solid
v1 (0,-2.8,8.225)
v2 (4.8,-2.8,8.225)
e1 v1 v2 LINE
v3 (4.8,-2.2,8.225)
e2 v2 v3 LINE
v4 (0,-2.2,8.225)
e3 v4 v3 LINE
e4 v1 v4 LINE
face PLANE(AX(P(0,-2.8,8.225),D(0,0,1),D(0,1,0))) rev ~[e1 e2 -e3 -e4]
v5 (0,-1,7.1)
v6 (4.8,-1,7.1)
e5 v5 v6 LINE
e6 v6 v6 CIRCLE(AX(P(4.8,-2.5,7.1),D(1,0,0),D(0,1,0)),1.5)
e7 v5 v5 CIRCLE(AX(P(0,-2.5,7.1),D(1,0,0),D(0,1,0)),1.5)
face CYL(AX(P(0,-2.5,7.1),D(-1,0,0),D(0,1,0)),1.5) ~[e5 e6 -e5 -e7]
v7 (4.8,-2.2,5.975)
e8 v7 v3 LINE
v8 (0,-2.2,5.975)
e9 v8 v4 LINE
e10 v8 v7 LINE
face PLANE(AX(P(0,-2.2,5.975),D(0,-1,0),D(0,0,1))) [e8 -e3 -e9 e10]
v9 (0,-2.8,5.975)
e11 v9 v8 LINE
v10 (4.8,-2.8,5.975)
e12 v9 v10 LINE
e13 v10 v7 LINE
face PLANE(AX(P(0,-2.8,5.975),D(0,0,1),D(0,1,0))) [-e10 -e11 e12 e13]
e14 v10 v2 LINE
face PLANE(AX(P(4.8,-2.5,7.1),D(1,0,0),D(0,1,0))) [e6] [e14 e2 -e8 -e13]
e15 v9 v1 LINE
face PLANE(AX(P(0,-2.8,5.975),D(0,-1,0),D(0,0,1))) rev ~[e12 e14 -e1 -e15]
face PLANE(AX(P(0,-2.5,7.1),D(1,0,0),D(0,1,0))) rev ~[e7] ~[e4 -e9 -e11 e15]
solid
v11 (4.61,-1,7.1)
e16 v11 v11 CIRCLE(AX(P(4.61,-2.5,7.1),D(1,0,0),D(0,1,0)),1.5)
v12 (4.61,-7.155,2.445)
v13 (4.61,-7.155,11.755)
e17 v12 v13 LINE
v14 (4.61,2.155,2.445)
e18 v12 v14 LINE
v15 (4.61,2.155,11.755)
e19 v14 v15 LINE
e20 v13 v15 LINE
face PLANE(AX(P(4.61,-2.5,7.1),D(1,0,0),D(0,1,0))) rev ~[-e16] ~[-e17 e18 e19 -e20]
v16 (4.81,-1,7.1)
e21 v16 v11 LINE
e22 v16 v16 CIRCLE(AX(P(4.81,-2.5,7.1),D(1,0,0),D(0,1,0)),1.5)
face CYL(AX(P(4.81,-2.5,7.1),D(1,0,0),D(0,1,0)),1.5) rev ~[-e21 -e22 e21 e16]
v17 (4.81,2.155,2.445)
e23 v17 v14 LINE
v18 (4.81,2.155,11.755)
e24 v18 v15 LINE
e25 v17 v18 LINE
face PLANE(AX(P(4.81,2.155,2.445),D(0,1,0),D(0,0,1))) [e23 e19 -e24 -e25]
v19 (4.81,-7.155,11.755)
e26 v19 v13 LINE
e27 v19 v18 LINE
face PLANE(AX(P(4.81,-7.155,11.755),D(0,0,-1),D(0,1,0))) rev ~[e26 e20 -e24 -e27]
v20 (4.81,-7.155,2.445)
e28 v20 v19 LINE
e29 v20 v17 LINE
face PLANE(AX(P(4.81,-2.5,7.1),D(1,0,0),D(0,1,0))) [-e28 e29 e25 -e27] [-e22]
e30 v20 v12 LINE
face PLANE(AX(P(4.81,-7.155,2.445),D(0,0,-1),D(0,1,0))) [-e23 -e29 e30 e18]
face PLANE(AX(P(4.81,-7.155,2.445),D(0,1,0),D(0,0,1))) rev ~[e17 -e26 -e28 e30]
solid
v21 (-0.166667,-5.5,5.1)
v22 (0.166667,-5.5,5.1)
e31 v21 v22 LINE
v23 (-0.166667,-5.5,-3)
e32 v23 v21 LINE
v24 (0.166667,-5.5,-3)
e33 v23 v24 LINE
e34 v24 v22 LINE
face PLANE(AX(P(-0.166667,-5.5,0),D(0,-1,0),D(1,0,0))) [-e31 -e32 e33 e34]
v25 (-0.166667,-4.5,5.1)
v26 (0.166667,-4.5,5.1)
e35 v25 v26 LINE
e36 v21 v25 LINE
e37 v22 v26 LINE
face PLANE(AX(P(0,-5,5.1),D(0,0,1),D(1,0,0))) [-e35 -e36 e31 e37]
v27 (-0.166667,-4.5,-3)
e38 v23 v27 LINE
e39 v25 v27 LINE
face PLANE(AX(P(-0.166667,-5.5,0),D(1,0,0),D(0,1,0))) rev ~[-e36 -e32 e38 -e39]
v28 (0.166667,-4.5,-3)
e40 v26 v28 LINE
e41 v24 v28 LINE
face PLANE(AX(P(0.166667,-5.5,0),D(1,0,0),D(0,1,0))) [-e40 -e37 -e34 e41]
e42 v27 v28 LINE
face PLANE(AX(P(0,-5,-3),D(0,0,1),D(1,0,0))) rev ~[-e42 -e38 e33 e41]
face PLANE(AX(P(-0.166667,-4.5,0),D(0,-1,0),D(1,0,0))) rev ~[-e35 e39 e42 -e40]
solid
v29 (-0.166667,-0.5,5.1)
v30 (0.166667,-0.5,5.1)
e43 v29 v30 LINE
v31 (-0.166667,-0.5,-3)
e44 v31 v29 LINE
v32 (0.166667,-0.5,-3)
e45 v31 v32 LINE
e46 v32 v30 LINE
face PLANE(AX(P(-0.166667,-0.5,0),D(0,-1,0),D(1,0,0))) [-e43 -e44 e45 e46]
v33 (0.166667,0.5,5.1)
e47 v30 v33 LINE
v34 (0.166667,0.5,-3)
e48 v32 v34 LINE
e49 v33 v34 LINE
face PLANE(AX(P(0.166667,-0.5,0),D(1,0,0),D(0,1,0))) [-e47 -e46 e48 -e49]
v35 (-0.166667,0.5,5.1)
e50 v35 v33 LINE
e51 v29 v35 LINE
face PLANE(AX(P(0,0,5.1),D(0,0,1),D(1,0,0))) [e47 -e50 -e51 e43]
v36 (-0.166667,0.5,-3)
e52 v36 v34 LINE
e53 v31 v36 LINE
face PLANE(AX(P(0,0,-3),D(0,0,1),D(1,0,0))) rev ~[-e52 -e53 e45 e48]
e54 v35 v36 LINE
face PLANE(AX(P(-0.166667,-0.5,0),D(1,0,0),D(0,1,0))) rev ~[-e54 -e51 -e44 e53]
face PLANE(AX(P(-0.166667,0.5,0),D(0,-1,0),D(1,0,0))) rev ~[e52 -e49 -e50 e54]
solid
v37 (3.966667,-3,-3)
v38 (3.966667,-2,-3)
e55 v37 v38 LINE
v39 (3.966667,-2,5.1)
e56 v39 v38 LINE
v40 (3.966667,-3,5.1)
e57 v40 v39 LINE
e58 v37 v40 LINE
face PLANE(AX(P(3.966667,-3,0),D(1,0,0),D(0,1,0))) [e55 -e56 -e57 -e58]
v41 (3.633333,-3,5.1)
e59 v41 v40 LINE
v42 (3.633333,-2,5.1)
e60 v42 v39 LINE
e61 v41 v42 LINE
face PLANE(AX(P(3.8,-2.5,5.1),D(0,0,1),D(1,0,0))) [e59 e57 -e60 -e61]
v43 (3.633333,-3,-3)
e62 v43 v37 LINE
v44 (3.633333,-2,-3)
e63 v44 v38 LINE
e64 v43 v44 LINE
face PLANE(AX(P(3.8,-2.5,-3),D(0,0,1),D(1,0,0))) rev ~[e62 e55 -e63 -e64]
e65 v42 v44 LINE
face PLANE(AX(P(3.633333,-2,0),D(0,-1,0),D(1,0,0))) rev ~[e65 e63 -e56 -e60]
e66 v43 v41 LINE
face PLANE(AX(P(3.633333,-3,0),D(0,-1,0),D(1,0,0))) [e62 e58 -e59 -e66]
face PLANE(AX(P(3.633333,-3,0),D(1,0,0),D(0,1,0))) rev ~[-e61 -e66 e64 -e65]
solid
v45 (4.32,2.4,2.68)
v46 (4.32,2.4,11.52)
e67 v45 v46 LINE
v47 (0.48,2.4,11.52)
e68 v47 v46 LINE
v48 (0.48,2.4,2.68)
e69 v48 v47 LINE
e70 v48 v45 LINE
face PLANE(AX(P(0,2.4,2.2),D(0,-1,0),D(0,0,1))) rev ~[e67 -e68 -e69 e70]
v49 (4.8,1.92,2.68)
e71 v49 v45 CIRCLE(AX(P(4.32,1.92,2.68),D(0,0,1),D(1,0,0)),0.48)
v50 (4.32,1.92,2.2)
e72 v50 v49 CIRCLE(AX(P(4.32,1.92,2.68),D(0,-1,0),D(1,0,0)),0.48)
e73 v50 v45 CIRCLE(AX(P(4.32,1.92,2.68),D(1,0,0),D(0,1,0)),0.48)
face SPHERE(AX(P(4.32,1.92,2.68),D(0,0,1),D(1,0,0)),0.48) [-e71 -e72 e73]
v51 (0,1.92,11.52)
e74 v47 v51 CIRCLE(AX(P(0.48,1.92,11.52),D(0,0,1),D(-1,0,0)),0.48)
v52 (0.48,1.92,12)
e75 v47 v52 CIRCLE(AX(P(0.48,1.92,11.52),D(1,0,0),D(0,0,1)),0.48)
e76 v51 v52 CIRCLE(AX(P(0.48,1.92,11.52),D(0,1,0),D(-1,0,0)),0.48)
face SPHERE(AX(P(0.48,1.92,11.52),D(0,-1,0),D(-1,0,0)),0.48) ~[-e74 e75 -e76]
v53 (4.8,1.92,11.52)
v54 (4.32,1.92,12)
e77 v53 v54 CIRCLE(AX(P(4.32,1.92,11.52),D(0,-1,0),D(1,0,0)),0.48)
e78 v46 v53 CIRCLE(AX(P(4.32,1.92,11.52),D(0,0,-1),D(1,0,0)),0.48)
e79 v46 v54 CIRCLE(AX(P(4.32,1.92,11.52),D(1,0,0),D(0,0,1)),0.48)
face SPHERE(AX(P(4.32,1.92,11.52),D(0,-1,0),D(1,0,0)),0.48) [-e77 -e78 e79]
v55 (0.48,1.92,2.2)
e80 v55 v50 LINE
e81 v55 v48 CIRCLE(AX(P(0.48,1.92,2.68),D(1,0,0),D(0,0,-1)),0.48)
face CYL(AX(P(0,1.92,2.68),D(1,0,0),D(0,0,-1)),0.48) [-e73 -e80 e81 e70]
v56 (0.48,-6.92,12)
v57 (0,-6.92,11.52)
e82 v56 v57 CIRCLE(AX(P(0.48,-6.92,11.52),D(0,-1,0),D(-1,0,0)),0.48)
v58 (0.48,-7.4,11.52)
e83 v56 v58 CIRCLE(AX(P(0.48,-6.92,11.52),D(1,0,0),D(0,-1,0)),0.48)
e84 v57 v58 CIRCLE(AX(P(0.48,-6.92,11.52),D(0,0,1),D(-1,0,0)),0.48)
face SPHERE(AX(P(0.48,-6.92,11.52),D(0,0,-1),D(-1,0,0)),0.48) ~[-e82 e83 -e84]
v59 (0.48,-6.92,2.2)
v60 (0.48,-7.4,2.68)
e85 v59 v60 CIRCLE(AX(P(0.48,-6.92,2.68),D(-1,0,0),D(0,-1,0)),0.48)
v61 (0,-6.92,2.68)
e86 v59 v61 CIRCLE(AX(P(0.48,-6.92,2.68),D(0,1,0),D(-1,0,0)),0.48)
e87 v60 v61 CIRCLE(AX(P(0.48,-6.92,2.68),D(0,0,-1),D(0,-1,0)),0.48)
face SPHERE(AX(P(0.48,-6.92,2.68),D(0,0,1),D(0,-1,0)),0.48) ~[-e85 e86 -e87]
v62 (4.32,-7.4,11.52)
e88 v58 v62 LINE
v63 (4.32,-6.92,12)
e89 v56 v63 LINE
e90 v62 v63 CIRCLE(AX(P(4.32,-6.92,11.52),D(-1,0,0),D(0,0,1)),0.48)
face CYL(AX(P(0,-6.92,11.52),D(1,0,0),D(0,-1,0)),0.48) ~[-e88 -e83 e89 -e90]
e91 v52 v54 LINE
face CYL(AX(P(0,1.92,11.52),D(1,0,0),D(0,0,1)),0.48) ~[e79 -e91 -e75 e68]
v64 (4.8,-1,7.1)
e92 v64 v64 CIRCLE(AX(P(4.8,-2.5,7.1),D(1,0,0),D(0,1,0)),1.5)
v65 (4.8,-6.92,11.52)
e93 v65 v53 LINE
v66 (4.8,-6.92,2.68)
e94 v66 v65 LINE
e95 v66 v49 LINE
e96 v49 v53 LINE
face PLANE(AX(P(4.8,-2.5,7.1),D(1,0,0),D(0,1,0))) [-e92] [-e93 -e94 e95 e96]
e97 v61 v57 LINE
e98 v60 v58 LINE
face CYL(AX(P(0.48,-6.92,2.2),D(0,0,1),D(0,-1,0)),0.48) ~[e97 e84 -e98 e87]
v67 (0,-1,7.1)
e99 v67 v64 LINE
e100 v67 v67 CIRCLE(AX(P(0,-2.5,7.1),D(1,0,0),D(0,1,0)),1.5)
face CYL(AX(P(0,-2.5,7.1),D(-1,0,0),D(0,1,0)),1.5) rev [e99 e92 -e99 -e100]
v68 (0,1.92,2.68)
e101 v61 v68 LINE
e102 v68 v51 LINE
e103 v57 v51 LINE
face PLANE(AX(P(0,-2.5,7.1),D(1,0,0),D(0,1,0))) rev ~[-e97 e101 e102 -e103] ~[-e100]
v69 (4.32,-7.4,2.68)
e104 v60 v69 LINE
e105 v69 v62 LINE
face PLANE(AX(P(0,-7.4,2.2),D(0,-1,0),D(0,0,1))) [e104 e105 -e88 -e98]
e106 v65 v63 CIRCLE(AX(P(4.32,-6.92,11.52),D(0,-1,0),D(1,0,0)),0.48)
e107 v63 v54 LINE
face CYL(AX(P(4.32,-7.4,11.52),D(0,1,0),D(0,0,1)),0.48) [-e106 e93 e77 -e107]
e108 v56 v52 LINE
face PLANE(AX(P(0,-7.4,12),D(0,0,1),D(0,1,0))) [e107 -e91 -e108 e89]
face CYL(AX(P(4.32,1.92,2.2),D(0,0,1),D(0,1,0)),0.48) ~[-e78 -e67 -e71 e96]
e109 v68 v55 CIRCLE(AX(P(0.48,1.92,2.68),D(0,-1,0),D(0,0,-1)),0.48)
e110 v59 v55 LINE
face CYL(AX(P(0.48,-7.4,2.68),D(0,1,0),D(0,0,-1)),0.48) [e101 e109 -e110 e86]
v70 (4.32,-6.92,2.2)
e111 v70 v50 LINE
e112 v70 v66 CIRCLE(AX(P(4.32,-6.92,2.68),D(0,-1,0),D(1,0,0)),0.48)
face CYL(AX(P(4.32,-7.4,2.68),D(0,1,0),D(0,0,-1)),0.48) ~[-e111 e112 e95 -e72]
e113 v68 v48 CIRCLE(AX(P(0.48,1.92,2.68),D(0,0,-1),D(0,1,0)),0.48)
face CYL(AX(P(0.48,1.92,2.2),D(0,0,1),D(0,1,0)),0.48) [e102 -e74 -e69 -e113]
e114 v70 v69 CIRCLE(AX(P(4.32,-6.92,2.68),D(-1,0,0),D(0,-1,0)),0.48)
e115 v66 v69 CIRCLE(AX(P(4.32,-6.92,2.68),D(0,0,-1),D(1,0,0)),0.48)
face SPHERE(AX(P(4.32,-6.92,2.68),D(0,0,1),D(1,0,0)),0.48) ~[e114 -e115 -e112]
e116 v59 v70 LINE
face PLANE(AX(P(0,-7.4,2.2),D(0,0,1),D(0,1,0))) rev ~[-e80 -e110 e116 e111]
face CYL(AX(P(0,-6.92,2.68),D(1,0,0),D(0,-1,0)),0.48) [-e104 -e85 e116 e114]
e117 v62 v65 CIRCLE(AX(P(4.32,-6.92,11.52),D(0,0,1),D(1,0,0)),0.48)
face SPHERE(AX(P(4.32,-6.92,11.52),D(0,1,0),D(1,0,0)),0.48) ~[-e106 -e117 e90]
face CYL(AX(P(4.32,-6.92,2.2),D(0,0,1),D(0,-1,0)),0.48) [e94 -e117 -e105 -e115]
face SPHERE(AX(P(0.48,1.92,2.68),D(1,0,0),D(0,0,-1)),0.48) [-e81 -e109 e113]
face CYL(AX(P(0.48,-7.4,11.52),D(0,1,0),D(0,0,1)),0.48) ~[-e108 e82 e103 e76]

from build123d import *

# Parameters (mm, degrees)
SKETCH001_R       = 1.5
SKETCH001_W       = 0.6
SKETCH001_H       = 2.25
PAD001_DEPTH      = 4.8
SKETCH003_W       = 0.333334
SKETCH003_H       = 1
PAD002_DEPTH      = 5.1
PAD002_DEPTH_BACK = 3
SKETCH004_W       = 9.31
SKETCH004_H       = 9.31
SKETCH004_R       = 1.5
PAD003_DEPTH      = 0.2
SKETCH_W          = 9.8
SKETCH_H          = 9.8
SKETCH_R          = 1.5
PAD_DEPTH         = 4.8
FILLET_R          = 0.48


with BuildPart() as pad001:
    # Sketch001 → Pad001 (new body)
    with BuildSketch(Plane.YZ):
        with Locations((-2.5, 7.1)):
            Circle(SKETCH001_R)
        with Locations((-2.5, 7.1)):
            Rectangle(SKETCH001_W, SKETCH001_H, mode=Mode.SUBTRACT)
    extrude(amount=PAD001_DEPTH)


with BuildPart() as pad002:
    # Sketch003 → Pad002 (new body, two sides)
    with BuildSketch(Plane.XY) as pad002_sk:
        Rectangle(SKETCH003_W, SKETCH003_H)
        with Locations((3.8, -2.5)):
            Rectangle(SKETCH003_W, SKETCH003_H)
        with Locations((0, -5)):
            Rectangle(SKETCH003_W, SKETCH003_H)
    extrude(amount=PAD002_DEPTH)
    extrude(pad002_sk.sketch, amount=-PAD002_DEPTH_BACK)


with BuildPart() as pad003:
    # Sketch004 → Pad003 (new body)
    with BuildSketch(Plane.YZ.offset(4.81)):
        with Locations((-2.5, 7.1)):
            Rectangle(SKETCH004_W, SKETCH004_H)
        with Locations((-2.5, 7.1)):
            Circle(SKETCH004_R, mode=Mode.SUBTRACT)
    extrude(amount=-PAD003_DEPTH)


with BuildPart() as fillet_body:
    # Sketch → Pad (new body)
    with BuildSketch(Plane.YZ):
        with Locations((-2.5, 7.1)):
            Rectangle(SKETCH_W, SKETCH_H)
        with Locations((-2.5, 7.1)):
            Circle(SKETCH_R, mode=Mode.SUBTRACT)
    extrude(amount=PAD_DEPTH)

    # Fillet
    fillet_edges = [fillet_body.edges().sort_by_distance(p)[0] for p in [
        (0, -7.4, 7.1),
        (0, -2.5, 12),
        (4.8, -2.5, 12),
        (4.8, -7.4, 7.1),
        (4.8, 2.4, 7.1),
        (4.8, -2.5, 2.2),
        (2.4, -7.4, 12),
        (2.4, -7.4, 2.2),
        (2.4, 2.4, 2.2),
        (0, -2.5, 2.2),
        (0, 2.4, 7.1),
        (2.4, 2.4, 12),
    ]]
    fillet(fillet_edges, radius=FILLET_R)


solid = Compound([pad001.part, pad002.part, pad003.part, fillet_body.part])
